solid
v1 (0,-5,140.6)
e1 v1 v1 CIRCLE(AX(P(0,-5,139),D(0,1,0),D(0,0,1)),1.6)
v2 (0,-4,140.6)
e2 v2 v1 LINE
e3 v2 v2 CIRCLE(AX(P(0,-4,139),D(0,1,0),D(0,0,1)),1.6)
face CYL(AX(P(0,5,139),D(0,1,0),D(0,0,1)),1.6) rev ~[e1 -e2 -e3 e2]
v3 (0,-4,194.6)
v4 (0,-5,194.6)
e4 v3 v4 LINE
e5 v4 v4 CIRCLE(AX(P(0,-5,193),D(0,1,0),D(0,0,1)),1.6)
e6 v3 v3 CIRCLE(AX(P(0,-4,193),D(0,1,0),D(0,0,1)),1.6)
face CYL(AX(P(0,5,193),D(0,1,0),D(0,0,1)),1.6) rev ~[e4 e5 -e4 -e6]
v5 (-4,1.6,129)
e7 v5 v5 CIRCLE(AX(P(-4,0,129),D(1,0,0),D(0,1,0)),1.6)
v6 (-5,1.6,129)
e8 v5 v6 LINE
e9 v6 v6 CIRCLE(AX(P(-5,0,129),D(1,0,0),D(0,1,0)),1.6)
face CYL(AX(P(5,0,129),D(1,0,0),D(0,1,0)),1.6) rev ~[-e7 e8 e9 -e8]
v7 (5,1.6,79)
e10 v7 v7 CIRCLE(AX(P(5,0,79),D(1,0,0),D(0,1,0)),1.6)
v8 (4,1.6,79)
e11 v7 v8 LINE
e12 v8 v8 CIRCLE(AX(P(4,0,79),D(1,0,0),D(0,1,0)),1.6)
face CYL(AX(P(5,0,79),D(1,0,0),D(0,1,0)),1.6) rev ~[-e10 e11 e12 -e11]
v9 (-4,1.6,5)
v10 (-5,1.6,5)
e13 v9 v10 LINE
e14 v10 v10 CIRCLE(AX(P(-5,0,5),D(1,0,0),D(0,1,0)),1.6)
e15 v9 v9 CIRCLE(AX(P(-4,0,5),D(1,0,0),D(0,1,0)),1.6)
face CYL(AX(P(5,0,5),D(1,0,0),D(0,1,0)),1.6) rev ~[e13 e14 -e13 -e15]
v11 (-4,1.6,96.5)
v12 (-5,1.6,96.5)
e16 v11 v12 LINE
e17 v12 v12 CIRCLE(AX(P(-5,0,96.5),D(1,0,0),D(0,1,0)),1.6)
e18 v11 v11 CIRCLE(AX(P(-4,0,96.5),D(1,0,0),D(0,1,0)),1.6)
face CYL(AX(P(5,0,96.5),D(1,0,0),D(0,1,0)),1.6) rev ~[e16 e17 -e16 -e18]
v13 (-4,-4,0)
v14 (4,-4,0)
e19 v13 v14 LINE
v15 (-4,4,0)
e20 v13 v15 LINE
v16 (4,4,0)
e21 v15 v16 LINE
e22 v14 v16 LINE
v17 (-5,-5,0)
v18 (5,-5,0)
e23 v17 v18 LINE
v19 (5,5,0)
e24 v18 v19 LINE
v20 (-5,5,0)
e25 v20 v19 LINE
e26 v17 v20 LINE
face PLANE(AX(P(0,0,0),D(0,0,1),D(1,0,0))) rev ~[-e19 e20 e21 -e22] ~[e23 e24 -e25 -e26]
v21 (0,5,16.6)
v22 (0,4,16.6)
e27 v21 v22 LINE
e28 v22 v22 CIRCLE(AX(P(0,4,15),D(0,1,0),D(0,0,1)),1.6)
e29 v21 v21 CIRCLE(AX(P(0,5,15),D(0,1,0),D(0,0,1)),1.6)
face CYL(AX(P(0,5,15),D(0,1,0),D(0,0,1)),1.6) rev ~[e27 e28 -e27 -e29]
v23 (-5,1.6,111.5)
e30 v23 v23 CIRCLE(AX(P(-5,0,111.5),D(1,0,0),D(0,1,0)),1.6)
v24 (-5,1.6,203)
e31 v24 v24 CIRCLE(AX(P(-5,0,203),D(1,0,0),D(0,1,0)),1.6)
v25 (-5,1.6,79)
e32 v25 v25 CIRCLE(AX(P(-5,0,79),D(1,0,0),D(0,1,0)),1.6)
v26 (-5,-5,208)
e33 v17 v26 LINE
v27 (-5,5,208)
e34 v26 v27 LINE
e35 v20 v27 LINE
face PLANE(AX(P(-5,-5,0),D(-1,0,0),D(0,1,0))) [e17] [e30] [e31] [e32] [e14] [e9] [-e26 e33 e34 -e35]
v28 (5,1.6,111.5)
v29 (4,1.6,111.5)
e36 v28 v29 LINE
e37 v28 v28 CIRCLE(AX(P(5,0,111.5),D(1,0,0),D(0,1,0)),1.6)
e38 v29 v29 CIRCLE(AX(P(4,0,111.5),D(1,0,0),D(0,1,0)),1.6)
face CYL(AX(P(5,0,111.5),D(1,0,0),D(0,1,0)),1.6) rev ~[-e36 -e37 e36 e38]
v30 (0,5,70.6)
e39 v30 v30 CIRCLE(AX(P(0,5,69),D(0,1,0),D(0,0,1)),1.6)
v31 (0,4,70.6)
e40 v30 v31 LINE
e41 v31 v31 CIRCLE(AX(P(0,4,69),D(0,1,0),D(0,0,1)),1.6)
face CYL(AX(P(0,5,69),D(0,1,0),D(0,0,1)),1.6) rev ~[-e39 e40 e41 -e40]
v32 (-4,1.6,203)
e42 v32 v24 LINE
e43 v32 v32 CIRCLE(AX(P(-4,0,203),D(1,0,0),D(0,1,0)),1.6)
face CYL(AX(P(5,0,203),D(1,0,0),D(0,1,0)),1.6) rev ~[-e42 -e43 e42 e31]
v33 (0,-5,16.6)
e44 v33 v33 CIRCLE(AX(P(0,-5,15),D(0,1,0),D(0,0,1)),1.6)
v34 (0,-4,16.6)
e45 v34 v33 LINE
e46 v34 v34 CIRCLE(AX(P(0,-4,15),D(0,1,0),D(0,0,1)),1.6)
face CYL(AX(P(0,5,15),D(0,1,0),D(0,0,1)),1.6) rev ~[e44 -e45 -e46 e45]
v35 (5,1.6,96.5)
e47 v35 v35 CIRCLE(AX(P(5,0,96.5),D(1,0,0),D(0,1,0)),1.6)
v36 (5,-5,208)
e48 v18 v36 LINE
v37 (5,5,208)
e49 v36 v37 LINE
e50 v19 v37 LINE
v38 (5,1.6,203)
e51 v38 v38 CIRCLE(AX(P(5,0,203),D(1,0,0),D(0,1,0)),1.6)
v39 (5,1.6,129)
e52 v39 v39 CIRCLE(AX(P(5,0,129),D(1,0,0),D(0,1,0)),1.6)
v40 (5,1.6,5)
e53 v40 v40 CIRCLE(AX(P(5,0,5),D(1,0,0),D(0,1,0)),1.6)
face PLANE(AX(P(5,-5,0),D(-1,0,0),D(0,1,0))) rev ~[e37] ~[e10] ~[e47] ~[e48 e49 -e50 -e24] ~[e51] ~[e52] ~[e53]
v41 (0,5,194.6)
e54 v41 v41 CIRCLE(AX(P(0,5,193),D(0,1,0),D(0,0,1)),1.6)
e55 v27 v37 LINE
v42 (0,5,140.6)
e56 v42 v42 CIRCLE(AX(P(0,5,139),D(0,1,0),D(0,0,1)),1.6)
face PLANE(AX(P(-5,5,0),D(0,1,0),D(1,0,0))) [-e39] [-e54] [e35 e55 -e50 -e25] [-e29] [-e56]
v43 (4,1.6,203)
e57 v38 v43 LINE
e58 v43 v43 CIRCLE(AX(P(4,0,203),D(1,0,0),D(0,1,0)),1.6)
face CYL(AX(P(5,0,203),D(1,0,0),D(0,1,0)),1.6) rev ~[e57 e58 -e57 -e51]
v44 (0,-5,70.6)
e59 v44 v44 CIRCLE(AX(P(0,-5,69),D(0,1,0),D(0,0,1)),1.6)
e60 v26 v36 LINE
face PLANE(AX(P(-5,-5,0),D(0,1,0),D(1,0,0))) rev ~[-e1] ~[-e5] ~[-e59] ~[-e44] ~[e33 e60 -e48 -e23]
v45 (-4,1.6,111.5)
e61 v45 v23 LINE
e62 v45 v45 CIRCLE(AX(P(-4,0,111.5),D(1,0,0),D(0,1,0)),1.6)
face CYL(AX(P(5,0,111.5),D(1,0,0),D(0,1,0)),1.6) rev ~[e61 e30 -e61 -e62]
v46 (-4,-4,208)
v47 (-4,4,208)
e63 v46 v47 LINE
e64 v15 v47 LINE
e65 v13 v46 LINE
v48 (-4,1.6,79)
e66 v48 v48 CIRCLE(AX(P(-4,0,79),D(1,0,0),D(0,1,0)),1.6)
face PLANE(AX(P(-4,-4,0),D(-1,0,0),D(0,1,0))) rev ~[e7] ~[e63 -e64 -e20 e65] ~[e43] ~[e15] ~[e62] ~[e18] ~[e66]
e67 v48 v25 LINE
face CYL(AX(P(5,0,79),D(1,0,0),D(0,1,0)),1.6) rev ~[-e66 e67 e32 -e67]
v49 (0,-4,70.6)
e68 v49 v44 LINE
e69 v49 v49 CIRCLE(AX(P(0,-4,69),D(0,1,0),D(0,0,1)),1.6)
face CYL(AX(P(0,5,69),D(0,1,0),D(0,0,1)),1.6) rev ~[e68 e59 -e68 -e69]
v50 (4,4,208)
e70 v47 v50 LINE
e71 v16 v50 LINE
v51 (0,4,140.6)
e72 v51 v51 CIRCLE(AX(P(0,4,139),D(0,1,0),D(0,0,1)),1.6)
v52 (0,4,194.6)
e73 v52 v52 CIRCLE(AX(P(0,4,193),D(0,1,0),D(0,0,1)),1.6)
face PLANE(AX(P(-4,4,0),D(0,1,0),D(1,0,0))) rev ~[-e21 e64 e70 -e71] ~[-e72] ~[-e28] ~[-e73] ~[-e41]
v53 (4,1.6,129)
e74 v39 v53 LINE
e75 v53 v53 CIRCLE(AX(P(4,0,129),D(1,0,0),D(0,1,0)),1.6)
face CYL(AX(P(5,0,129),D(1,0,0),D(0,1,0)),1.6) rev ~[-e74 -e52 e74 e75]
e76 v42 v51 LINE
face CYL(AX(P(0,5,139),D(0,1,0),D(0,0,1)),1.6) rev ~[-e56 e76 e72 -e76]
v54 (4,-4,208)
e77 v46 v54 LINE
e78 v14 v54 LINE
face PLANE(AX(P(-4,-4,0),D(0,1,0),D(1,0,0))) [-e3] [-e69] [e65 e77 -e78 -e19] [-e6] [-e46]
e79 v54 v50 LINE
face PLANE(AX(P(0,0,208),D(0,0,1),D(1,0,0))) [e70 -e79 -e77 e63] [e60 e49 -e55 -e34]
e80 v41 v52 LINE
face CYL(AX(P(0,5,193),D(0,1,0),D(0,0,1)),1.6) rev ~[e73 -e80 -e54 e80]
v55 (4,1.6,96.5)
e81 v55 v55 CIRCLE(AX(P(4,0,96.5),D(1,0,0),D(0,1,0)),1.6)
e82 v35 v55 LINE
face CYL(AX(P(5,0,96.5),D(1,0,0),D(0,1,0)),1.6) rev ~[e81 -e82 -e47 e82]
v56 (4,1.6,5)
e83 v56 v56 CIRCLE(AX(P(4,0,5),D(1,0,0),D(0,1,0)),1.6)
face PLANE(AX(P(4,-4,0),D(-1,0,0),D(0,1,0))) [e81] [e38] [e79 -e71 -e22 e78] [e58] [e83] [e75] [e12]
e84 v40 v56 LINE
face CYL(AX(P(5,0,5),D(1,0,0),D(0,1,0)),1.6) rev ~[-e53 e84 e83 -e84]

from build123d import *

# Parameters (mm, degrees)
SKETCH_1_W          = 10
SKETCH_1_H          = 10
SKETCH_1_W_2        = 8
SKETCH_1_H_2        = 8
EXTRUDE_1_DEPTH     = 208
SKETCH_2_R          = 1.6
CUT_EXTRUDE_1_DEPTH = 209.300264042
SKETCH_3_R          = 1.6
CUT_EXTRUDE_2_DEPTH = 209.300264042
SKETCH_4_R          = 1.6
CUT_EXTRUDE_3_DEPTH = 209.300264042
SKETCH_5_R          = 1.6
CUT_EXTRUDE_4_DEPTH = 209.300264042


with BuildPart() as part:
    # ｽｹｯﾁ1 → ﾎﾞｽ - 押し出し1 (new body)
    with BuildSketch(Plane.XY):
        Rectangle(SKETCH_1_W, SKETCH_1_H)
        Rectangle(SKETCH_1_W_2, SKETCH_1_H_2, mode=Mode.SUBTRACT)
    extrude(amount=EXTRUDE_1_DEPTH)

    # ｽｹｯﾁ2 → ｶｯﾄ - 押し出し1 (cut, through all)
    with BuildSketch(Plane(origin=(5, 0, 0), x_dir=(0, 0, -1), z_dir=(1, 0, 0))):
        with Locations(Location((-203, 0, 0), (0, 0, 90))):
            Circle(SKETCH_2_R)
        with Locations(Location((-111.5, 0, 0), (0, 0, 90))):
            Circle(SKETCH_2_R)
        with Locations(Location((-96.5, 0, 0), (0, 0, 90))):
            Circle(SKETCH_2_R)
        with Locations(Location((-5, 0, 0), (0, 0, 90))):
            Circle(SKETCH_2_R)
    extrude(amount=-CUT_EXTRUDE_1_DEPTH, mode=Mode.SUBTRACT)

    # ｽｹｯﾁ3 → ｶｯﾄ - 押し出し2 (cut, through all)
    with BuildSketch(Plane(origin=(0, 5, 0), x_dir=(1, 0, 0), z_dir=(0, 1, 0))):
        with Locations(Location((0, -193, 0), (0, 0, 270))):
            Circle(SKETCH_3_R)
        with Locations(Location((0, -15, 0), (0, 0, 270))):
            Circle(SKETCH_3_R)
    extrude(amount=-CUT_EXTRUDE_2_DEPTH, mode=Mode.SUBTRACT)

    # ｽｹｯﾁ4 → ｶｯﾄ - 押し出し3 (cut, through all)
    with BuildSketch(Plane(origin=(5, 0, 0), x_dir=(0, 0, -1), z_dir=(1, 0, 0))):
        with Locations(Location((-129, 0, 0), (0, 0, 90))):
            Circle(SKETCH_4_R)
        with Locations(Location((-79, 0, 0), (0, 0, 90))):
            Circle(SKETCH_4_R)
    extrude(amount=-CUT_EXTRUDE_3_DEPTH, mode=Mode.SUBTRACT)

    # ｽｹｯﾁ5 → ｶｯﾄ - 押し出し4 (cut, through all)
    with BuildSketch(Plane(origin=(0, 5, 0), x_dir=(1, 0, 0), z_dir=(0, 1, 0))):
        with Locations(Location((0, -139, 0), (0, 0, 270))):
            Circle(SKETCH_5_R)
        with Locations(Location((0, -69, 0), (0, 0, 270))):
            Circle(SKETCH_5_R)
    extrude(amount=-CUT_EXTRUDE_4_DEPTH, mode=Mode.SUBTRACT)


solid = part.part
